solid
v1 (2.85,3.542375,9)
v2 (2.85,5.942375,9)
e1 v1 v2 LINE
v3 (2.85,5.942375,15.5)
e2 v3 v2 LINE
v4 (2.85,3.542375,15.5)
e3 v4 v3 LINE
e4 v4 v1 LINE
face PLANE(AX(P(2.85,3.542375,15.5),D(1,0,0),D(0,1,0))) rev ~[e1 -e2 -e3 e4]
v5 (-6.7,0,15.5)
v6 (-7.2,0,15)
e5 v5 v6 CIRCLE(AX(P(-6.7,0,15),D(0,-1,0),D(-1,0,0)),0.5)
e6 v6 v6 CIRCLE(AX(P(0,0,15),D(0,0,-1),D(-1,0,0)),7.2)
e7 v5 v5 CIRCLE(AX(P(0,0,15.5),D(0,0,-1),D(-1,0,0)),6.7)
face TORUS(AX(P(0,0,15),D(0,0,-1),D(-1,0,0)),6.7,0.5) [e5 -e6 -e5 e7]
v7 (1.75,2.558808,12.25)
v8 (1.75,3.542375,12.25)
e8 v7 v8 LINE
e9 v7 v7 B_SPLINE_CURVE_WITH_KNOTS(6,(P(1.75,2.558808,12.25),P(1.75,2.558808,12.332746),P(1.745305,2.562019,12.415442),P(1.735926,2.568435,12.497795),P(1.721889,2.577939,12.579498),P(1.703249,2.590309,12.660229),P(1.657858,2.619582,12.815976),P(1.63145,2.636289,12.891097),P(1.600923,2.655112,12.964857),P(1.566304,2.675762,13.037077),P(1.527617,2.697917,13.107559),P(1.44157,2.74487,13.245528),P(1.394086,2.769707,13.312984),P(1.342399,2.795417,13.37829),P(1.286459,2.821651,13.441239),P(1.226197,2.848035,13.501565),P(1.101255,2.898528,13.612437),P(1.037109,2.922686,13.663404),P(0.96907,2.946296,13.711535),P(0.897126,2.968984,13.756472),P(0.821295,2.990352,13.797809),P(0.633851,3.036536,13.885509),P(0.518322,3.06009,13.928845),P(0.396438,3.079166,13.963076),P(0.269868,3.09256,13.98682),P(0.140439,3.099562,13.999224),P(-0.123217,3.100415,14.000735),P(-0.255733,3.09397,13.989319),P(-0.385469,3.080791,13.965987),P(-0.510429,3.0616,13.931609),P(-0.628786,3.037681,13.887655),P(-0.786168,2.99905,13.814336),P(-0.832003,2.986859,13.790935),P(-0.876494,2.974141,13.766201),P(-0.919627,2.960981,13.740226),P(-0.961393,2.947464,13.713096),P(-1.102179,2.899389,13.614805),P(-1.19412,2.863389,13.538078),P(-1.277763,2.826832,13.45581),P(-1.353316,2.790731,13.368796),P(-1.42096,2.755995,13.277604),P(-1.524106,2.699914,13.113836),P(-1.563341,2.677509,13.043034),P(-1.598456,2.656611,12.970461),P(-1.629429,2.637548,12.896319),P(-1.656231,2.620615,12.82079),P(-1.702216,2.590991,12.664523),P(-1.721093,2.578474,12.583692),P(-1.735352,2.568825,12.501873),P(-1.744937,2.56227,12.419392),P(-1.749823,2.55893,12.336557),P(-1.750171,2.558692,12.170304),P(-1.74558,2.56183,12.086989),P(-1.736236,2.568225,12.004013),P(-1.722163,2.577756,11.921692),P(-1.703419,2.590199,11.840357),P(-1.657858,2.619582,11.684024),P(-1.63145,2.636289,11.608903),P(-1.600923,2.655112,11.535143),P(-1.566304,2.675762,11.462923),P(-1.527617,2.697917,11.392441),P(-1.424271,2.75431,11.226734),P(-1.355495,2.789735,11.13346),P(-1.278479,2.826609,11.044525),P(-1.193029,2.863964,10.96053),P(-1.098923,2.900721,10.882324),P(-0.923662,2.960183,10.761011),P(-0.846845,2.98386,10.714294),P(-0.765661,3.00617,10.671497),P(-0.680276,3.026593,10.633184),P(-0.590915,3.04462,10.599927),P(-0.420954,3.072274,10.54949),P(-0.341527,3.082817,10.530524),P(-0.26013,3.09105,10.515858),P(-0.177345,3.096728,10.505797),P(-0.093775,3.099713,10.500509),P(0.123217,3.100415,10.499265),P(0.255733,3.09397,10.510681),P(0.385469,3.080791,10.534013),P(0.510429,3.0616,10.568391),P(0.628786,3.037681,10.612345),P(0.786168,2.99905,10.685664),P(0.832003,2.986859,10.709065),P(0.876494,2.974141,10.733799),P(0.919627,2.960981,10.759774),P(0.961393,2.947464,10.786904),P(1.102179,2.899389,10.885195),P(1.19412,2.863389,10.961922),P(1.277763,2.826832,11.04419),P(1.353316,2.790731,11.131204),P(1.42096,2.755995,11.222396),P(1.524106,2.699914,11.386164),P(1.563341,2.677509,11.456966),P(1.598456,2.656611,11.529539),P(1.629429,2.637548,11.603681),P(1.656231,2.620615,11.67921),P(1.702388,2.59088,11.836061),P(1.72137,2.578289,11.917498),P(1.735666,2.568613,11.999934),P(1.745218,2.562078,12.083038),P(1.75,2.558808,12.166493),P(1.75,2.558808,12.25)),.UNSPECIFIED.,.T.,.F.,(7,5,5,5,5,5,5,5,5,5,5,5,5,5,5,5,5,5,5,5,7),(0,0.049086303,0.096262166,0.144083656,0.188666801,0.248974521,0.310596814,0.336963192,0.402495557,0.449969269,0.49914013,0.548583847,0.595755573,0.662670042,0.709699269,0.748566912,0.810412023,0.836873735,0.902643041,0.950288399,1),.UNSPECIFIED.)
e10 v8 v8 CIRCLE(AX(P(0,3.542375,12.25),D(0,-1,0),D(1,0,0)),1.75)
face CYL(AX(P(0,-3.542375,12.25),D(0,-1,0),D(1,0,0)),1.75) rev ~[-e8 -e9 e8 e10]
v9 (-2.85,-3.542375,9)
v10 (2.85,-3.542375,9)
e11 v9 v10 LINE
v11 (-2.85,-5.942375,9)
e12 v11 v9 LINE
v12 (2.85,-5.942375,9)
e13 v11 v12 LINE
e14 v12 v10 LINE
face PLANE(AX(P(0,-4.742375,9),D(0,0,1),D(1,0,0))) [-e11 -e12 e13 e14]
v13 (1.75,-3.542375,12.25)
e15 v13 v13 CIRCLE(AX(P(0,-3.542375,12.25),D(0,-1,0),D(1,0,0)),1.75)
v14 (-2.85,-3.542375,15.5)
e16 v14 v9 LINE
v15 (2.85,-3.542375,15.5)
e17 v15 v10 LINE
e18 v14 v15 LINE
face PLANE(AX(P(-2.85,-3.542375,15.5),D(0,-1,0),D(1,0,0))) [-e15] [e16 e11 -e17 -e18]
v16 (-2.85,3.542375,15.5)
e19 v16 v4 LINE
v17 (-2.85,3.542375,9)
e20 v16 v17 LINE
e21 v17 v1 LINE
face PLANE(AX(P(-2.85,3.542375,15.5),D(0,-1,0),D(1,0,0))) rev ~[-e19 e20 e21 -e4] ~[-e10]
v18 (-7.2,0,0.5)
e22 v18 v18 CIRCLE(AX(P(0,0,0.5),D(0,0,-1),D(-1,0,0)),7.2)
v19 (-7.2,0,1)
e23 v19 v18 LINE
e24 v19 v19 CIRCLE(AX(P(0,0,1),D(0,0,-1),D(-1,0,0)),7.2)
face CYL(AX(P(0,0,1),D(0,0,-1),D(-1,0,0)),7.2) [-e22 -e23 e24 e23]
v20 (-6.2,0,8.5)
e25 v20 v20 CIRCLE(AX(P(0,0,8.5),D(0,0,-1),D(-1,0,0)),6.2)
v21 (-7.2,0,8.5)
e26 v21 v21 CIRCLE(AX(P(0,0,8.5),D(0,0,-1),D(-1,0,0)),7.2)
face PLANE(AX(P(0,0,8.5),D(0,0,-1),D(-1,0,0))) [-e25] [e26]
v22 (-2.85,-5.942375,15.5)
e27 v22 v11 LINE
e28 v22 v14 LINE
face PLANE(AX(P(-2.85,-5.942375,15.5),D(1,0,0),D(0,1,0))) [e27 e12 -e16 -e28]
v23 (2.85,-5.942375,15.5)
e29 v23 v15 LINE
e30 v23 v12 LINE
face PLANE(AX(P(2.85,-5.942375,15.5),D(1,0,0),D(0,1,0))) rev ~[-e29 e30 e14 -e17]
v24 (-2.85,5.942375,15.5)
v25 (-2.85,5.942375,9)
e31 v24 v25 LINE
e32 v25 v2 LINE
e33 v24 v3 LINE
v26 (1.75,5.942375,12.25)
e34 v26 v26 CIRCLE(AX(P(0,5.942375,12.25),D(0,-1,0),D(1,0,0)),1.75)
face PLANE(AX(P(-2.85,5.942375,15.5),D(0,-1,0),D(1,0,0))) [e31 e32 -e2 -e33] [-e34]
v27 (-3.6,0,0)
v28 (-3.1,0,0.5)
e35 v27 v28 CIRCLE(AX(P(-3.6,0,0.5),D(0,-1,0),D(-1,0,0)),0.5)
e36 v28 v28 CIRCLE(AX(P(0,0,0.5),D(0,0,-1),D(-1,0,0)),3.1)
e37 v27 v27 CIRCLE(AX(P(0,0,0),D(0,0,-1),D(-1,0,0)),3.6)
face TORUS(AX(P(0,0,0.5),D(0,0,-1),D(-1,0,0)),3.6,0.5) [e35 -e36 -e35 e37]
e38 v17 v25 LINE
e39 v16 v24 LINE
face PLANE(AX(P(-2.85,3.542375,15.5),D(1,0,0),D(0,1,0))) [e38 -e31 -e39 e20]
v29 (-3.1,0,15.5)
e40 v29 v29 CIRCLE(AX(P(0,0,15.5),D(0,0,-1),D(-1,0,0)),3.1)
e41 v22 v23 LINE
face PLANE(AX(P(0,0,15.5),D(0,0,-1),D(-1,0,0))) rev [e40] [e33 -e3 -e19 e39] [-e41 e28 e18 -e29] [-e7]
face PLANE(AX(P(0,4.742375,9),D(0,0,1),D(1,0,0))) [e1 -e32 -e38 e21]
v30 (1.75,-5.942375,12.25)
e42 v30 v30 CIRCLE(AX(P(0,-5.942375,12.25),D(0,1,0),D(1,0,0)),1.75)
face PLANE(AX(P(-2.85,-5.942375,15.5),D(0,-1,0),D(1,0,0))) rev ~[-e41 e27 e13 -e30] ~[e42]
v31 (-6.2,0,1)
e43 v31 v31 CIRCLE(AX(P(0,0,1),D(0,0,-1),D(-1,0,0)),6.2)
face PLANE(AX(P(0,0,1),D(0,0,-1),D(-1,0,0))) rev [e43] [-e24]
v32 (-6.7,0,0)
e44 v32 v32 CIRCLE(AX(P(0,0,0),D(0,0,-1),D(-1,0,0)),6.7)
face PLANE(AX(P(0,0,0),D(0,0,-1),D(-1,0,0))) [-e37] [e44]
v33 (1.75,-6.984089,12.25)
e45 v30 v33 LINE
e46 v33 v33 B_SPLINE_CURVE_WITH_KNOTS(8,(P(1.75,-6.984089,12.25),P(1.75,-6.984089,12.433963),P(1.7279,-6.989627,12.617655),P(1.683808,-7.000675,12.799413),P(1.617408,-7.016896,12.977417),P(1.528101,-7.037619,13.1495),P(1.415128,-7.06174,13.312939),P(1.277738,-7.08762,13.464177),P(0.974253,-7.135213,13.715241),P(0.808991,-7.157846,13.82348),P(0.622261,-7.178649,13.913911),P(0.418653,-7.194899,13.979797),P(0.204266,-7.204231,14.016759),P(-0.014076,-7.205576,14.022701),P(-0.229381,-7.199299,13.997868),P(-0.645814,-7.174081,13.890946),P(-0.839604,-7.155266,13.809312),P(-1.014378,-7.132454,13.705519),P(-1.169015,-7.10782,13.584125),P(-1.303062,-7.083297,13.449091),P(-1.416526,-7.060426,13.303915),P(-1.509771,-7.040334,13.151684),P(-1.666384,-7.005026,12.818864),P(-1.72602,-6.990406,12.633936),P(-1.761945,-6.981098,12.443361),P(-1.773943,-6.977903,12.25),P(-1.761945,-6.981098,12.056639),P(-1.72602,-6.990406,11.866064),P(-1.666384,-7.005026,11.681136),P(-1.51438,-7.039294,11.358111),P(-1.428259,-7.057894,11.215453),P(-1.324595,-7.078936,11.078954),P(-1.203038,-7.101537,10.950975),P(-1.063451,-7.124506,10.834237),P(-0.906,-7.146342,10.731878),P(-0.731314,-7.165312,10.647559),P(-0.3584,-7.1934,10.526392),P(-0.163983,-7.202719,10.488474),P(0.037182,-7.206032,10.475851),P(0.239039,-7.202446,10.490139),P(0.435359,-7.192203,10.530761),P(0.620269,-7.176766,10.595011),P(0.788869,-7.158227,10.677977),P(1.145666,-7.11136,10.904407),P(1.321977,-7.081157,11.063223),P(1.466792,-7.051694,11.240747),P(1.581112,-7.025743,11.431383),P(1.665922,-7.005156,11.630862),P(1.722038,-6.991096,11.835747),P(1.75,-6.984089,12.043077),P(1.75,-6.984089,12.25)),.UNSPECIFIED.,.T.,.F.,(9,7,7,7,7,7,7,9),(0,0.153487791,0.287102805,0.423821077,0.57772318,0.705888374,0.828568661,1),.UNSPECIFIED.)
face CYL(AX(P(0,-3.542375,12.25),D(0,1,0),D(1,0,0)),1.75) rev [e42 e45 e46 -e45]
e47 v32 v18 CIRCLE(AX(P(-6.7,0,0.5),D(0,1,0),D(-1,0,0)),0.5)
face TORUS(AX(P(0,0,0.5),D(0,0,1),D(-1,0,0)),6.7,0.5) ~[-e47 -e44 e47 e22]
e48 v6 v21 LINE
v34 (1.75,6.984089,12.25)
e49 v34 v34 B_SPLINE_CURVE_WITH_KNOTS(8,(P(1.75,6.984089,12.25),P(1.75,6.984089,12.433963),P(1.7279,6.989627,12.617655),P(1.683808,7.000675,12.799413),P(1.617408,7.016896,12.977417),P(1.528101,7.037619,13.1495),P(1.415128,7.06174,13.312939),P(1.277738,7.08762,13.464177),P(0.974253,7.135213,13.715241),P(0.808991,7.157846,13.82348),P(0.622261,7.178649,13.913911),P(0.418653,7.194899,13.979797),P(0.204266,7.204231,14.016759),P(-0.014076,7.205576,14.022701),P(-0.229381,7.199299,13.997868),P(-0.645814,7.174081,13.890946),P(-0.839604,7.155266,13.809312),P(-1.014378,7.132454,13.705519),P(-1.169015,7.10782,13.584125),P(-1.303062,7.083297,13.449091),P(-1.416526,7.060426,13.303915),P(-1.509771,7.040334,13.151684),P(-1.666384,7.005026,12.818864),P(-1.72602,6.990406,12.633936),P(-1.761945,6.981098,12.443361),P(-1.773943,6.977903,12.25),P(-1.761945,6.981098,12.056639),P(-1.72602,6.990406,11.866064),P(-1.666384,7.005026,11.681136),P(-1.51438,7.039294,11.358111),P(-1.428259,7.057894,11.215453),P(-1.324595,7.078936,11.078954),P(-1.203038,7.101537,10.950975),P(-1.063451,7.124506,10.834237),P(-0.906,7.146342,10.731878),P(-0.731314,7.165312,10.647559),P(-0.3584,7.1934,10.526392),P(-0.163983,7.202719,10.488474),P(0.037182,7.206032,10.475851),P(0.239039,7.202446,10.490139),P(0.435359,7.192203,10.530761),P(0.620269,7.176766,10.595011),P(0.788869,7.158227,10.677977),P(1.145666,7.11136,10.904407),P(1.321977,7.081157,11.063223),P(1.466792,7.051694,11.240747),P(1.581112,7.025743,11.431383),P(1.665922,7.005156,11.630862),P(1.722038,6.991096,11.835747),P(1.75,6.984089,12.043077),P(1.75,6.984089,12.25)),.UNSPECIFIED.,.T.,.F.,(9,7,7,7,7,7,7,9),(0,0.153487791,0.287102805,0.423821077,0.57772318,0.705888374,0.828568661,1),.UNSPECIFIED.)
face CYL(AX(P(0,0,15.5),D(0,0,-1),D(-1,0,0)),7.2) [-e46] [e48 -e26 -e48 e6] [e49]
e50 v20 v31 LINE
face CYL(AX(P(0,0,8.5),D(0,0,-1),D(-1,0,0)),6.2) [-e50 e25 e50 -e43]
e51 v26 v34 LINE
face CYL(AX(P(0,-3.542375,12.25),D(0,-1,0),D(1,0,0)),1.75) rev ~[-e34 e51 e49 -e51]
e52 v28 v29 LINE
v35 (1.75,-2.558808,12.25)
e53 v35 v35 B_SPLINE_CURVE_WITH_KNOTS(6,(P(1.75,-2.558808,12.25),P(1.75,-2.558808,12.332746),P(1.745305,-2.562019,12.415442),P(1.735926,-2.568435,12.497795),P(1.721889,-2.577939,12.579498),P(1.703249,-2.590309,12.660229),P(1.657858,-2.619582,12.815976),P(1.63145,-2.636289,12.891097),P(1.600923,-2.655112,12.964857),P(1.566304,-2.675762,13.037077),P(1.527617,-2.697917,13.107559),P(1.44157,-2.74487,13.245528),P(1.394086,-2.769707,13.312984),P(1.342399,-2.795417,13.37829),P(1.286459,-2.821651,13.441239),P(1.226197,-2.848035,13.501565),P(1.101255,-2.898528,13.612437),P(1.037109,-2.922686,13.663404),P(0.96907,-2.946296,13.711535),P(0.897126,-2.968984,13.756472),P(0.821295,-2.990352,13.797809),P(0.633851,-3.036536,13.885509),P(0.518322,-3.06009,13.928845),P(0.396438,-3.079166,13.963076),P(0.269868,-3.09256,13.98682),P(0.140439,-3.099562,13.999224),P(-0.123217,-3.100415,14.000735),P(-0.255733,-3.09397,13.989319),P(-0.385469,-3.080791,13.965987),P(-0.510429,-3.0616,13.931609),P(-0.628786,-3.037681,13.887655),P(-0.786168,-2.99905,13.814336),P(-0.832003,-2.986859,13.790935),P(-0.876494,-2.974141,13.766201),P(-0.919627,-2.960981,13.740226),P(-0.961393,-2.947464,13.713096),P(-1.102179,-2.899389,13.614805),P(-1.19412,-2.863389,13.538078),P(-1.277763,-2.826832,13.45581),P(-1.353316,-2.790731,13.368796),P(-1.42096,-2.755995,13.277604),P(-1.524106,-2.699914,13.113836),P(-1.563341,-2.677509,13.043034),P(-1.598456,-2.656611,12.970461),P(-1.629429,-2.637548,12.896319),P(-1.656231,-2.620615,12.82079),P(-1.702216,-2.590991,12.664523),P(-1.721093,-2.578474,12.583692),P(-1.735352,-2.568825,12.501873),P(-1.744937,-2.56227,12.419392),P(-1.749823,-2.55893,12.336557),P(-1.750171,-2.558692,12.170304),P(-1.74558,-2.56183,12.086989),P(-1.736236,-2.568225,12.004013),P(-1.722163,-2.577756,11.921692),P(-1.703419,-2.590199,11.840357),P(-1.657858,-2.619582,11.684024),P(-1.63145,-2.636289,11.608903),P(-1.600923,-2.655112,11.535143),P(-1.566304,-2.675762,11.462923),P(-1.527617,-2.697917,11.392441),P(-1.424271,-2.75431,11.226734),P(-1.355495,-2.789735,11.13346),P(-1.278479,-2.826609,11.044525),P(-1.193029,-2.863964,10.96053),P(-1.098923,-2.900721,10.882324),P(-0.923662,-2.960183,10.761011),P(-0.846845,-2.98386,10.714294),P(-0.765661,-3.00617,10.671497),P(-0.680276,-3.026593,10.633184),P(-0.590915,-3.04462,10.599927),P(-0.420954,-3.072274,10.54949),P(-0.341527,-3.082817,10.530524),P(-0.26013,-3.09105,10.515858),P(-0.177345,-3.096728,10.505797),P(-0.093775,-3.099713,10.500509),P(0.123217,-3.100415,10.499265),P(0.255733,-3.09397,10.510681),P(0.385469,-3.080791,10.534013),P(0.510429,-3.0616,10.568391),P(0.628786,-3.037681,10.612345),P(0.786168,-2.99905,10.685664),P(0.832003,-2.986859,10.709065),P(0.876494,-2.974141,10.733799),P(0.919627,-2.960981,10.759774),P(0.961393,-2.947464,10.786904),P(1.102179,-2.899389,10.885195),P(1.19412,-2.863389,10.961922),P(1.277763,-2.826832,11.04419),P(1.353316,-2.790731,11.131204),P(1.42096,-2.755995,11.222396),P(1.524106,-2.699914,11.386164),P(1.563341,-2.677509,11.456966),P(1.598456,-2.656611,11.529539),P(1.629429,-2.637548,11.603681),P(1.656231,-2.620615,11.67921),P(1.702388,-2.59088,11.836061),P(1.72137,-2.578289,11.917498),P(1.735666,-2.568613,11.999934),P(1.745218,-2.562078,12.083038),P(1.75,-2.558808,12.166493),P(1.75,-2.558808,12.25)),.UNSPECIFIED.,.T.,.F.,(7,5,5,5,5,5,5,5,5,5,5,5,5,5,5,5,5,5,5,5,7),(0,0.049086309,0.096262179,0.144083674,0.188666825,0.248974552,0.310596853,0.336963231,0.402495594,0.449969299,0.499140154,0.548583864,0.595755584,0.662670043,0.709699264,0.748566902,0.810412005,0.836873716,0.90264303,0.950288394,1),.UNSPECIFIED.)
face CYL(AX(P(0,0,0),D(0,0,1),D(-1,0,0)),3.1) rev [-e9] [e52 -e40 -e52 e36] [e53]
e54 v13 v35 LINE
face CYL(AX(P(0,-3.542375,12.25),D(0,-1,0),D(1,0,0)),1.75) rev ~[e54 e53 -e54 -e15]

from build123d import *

# Parameters (mm, degrees)
F2_W          = 5.7
F2_H          = 2.4
F3_DEPTH      = 6.5
F4_R          = 1.75
F5_DEPTH      = 10.743375338
F5_DEPTH_BACK = 3.658624662
F6_R          = 0.5


with BuildPart() as f1:
    # F0 (on Front) → F1 (revolve)
    with BuildSketch(Plane.XZ):
        Polygon((-7.2, 0), (-3.1, 0), (-3.1, 15.5), (-7.2, 15.5), (-7.2, 8.5), (-6.2, 8.5), (-6.2, 1), (-7.2, 1), align=None)
    revolve(axis=Axis((0, 0, 7.75), (0, 0, -1)))

    # F2 (on face) → F3 (cut)
    with BuildSketch(Plane.XY.offset(15.5)):
        with Locations((0, -4.742375338)):
            Rectangle(F2_W, F2_H)
        with Locations((0, 4.742375338)):
            Rectangle(F2_W, F2_H)
    extrude(amount=-F3_DEPTH, mode=Mode.SUBTRACT)

    # F4 (on face) → F5 (cut, two sides)
    with BuildSketch(Plane.XZ.offset(3.542375338)) as f5_sk:
        with Locations((0, 12.25)):
            Circle(F4_R)
    extrude(amount=-F5_DEPTH, mode=Mode.SUBTRACT)
    extrude(f5_sk.sketch, amount=F5_DEPTH_BACK, mode=Mode.SUBTRACT)

    # F6
    f6_edges = [f1.edges().sort_by_distance(p)[0] for p in [
        (7.2, 0, 0),
        (7.2, 0, 15.5),
        (3.1, 0, 0),
    ]]
    fillet(f6_edges, radius=F6_R)


solid = f1.part
